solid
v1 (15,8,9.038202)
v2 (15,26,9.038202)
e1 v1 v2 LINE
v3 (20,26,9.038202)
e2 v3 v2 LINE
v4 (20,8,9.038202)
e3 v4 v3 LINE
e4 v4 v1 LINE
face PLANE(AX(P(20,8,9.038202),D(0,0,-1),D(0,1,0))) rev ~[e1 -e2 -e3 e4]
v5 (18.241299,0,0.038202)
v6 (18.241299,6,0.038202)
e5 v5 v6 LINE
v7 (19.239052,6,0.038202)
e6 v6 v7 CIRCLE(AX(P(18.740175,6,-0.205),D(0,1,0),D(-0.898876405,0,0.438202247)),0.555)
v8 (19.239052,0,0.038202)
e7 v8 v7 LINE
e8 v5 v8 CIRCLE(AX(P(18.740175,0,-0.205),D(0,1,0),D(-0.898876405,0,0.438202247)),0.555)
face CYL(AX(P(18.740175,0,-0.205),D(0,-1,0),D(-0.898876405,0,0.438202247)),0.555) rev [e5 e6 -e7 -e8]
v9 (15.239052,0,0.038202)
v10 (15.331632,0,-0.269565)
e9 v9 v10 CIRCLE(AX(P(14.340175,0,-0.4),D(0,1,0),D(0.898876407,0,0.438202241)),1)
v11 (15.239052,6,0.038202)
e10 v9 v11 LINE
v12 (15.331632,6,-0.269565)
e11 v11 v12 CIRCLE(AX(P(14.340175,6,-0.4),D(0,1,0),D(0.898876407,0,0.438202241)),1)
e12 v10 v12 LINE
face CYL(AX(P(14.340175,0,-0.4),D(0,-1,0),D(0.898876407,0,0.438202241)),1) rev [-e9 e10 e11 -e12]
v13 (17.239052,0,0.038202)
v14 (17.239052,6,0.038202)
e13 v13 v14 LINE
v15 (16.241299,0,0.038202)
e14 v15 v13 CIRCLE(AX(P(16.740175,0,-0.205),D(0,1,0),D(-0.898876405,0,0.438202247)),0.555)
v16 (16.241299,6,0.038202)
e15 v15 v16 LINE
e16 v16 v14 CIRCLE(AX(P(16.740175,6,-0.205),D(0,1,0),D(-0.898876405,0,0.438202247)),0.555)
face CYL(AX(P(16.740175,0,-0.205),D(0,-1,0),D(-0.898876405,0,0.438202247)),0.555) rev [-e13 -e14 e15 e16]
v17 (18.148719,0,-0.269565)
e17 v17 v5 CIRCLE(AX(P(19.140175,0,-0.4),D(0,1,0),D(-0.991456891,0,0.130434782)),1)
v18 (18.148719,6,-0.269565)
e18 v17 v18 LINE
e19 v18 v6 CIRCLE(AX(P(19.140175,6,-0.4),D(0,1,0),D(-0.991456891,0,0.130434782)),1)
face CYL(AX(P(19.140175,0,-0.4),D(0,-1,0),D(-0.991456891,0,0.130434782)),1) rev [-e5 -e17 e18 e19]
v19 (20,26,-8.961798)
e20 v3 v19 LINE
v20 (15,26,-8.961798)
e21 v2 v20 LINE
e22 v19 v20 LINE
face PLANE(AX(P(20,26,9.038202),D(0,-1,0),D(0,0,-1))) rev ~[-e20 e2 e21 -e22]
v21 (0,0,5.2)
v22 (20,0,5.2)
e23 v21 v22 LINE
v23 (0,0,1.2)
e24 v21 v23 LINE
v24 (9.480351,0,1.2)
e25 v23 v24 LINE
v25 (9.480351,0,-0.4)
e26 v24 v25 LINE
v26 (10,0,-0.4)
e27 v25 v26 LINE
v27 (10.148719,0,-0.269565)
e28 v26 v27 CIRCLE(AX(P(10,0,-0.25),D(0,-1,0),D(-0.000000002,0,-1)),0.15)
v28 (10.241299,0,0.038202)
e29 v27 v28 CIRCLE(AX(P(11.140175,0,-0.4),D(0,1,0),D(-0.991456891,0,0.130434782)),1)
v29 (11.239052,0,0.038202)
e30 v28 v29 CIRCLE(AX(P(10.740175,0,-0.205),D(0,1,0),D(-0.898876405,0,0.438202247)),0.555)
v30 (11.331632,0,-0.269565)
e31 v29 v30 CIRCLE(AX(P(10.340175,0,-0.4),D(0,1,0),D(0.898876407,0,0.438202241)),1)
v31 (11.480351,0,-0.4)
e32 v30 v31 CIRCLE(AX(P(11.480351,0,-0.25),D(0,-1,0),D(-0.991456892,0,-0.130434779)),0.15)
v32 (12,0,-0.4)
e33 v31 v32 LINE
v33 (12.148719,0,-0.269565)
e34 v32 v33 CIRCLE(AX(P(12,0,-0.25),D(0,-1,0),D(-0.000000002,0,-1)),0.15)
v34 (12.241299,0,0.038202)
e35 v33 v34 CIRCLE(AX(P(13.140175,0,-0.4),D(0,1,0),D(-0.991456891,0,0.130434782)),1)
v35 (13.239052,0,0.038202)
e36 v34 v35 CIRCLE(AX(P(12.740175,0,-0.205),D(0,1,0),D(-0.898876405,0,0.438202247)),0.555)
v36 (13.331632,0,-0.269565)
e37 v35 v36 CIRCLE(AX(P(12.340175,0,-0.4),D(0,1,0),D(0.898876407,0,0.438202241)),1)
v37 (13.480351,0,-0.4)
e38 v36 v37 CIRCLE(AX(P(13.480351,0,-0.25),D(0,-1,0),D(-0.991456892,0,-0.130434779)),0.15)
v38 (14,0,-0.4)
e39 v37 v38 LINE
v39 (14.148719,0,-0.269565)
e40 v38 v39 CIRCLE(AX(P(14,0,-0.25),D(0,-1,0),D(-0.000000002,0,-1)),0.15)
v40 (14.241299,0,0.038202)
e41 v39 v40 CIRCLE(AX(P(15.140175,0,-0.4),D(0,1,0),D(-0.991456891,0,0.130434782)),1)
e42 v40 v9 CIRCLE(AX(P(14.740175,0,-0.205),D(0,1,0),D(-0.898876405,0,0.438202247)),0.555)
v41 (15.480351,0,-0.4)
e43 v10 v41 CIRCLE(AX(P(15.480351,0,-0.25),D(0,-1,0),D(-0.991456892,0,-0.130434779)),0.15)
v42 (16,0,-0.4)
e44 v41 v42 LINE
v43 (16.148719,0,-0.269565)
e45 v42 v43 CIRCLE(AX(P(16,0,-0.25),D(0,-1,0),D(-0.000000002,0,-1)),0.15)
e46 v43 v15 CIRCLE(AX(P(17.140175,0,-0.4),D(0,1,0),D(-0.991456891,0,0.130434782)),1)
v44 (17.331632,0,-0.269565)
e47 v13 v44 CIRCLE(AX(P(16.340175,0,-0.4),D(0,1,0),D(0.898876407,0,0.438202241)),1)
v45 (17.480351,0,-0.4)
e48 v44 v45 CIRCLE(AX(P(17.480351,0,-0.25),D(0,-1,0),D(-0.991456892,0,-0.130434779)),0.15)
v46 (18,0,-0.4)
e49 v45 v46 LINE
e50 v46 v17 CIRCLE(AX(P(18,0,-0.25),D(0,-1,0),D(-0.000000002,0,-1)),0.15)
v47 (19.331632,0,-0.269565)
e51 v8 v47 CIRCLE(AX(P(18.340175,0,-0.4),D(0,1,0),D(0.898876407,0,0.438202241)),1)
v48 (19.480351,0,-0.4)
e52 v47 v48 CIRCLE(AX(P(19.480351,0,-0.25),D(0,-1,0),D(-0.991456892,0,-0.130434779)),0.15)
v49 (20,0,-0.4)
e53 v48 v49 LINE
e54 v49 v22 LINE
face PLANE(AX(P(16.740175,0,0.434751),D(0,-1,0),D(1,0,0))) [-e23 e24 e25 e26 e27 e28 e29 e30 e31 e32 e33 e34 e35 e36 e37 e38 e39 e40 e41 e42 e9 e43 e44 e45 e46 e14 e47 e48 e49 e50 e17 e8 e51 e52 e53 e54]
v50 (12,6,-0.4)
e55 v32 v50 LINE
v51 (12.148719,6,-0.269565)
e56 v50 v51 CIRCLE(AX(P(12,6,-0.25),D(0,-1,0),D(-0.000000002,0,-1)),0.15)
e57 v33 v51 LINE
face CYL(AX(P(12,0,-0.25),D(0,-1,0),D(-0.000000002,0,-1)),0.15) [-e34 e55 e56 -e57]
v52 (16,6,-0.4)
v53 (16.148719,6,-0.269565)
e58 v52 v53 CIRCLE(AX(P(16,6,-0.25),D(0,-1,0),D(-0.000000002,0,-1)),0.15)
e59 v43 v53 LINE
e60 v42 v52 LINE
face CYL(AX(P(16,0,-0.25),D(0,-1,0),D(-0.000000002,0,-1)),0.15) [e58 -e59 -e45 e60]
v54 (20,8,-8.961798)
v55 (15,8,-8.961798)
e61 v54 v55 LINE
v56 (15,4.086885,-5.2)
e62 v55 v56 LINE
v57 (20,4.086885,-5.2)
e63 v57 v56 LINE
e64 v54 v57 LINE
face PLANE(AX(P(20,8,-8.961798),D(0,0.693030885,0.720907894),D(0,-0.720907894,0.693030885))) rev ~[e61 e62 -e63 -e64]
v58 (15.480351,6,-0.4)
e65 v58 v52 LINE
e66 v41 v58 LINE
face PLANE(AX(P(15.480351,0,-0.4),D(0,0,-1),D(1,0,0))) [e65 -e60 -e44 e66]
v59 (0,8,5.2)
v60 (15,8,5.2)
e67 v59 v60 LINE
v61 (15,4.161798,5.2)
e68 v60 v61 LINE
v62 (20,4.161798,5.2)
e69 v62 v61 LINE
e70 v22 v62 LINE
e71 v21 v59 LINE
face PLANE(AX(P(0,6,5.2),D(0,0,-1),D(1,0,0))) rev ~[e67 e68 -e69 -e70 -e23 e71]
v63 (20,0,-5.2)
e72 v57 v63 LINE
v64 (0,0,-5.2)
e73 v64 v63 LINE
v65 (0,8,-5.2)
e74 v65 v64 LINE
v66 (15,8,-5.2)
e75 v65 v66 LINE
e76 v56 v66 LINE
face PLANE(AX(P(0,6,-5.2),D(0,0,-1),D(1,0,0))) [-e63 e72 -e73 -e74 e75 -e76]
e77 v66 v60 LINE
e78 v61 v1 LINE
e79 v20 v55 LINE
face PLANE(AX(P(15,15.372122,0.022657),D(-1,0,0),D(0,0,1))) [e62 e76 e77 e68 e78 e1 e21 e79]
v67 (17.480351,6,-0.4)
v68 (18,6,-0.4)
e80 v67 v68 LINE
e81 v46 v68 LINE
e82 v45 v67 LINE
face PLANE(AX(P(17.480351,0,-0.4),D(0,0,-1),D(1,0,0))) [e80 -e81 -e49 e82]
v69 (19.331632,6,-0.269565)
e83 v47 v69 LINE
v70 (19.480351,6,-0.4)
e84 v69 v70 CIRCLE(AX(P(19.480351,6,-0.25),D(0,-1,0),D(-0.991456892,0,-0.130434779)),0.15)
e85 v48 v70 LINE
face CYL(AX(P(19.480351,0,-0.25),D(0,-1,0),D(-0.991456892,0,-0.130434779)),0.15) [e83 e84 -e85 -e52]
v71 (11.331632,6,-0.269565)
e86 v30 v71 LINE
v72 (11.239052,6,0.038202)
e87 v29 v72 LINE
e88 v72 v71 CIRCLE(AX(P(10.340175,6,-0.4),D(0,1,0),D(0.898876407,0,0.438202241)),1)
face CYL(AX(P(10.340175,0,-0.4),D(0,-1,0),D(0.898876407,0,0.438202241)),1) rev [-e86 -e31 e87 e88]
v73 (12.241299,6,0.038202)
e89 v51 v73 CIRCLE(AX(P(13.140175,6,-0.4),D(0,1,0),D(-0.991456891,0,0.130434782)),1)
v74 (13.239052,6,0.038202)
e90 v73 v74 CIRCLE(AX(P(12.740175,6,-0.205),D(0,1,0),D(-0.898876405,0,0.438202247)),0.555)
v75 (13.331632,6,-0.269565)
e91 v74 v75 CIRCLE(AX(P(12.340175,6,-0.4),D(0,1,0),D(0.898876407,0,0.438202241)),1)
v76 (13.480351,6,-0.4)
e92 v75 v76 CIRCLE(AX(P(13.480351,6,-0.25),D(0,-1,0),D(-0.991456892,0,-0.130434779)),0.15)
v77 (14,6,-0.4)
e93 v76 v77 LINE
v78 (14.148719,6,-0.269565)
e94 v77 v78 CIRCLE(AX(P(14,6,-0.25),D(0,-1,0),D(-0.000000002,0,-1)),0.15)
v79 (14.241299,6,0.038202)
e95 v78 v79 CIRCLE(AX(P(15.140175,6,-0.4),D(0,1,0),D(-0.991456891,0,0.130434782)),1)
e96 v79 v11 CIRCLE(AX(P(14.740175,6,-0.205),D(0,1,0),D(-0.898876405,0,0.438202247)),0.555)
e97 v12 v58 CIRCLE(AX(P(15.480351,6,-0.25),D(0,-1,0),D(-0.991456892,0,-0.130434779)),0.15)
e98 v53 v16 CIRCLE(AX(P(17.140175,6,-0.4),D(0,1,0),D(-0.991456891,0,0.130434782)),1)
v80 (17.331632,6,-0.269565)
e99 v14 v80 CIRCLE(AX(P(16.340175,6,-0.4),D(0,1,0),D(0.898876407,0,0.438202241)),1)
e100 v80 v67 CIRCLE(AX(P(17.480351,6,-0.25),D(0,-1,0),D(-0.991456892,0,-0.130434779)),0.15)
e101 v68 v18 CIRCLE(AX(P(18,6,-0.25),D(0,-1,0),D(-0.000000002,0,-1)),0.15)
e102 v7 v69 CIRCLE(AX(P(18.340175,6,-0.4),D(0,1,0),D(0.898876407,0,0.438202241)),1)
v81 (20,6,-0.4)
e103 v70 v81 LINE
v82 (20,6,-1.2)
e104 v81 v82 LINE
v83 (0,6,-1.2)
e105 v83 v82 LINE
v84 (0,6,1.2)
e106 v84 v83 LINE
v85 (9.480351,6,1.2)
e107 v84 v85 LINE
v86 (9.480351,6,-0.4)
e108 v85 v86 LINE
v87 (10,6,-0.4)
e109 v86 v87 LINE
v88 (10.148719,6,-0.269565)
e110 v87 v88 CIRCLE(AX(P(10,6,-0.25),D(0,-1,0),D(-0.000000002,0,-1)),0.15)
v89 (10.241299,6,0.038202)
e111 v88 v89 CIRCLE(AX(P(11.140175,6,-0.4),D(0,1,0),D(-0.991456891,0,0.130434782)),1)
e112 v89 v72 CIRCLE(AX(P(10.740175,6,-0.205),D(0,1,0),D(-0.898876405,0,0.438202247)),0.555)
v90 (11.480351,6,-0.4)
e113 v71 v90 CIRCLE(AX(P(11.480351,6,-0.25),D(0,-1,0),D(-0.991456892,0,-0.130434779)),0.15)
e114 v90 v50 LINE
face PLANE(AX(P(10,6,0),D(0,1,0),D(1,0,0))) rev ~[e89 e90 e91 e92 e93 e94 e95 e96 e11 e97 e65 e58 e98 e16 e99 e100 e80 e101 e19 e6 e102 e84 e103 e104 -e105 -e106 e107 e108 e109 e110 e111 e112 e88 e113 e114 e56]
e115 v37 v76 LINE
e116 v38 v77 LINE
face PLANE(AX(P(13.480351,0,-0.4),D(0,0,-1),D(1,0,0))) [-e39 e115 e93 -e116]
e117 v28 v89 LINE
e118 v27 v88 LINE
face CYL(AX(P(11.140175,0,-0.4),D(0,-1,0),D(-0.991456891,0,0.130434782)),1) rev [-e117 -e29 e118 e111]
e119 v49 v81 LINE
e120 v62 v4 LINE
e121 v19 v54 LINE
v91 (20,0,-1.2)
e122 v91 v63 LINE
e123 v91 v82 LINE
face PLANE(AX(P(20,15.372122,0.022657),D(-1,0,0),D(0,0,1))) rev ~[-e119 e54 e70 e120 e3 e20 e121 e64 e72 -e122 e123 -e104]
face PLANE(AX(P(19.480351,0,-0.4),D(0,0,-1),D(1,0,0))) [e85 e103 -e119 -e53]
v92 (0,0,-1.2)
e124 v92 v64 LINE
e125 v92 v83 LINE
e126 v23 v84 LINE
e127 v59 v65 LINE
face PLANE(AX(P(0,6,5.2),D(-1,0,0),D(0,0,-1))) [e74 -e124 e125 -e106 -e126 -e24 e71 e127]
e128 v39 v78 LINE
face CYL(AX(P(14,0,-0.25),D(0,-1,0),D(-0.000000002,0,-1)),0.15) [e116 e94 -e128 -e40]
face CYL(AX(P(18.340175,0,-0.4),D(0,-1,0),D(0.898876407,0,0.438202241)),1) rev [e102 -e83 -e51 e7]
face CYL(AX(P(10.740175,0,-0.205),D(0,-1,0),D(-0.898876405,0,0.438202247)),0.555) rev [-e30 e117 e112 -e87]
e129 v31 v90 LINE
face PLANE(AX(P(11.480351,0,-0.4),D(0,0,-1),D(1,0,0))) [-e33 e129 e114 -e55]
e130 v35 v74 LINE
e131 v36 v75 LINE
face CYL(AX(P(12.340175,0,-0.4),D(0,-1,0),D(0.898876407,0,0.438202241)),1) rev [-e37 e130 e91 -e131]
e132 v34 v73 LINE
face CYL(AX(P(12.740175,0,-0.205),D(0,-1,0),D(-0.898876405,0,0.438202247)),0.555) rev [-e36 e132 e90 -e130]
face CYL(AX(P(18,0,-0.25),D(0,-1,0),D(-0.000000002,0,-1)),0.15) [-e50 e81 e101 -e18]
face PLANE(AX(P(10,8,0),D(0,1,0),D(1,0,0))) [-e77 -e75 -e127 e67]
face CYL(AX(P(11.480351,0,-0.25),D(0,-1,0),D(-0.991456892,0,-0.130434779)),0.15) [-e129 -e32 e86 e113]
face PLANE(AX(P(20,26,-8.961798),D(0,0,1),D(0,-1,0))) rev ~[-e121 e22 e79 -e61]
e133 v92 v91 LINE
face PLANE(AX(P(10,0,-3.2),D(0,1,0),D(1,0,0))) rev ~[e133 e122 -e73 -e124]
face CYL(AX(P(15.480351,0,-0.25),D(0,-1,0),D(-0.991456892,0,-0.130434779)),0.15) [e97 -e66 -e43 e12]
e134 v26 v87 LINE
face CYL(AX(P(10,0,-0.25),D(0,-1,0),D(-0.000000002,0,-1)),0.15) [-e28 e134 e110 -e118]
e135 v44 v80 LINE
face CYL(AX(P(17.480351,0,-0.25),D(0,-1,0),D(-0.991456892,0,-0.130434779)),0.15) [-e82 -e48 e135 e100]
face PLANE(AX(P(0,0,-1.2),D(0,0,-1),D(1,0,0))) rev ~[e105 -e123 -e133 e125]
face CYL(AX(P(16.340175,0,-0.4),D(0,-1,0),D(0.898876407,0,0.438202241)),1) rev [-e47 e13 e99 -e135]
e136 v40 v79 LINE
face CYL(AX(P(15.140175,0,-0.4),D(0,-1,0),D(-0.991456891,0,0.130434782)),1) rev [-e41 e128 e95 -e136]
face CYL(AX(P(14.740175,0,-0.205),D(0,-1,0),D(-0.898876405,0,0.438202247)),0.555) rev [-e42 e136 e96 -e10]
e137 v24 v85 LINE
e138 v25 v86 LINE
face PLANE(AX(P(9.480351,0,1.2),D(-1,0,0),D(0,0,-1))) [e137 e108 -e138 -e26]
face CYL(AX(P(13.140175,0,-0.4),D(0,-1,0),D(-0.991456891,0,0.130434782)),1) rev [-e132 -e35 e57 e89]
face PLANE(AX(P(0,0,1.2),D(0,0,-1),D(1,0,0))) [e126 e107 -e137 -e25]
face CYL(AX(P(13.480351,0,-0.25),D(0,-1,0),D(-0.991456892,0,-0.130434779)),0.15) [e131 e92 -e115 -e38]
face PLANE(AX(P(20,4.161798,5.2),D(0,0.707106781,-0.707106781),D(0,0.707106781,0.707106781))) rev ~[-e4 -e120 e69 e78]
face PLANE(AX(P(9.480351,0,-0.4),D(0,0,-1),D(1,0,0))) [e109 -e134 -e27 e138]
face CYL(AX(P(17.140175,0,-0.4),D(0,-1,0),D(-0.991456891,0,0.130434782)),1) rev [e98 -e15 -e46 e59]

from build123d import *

# Parameters (mm, degrees)
SKETCH1_W             = 20
SKETCH1_H             = 4
BOSS_EXTRUDE1_DEPTH   = 6
BOSS_EXTRUDE1_2_DEPTH = 6
BOSS_EXTRUDE2_DEPTH   = 6
LPATTERN1_COUNT       = 5
LPATTERN1_PITCH       = 2
SKETCH4_W             = 20
SKETCH4_H             = 10.4
BOSS_EXTRUDE3_DEPTH   = 2
BOSS_EXTRUDE4_DEPTH   = 5


with BuildPart() as part:
    # Sketch1 → Boss-Extrude1 (new body)
    with BuildSketch(Plane(origin=(0, 0, 0), x_dir=(1, 0, 0), z_dir=(0, 1, 0))):
        with Locations((10, 3.2)):
            Rectangle(SKETCH1_W, SKETCH1_H)
    extrude(amount=BOSS_EXTRUDE1_DEPTH)



with BuildPart() as body_2:
    # Sketch1 → Boss-Extrude1 2 (new body)
    with BuildSketch(Plane(origin=(0, 0, 0), x_dir=(1, 0, 0), z_dir=(0, 1, 0))):
        with Locations((10, -3.2)):
            Rectangle(SKETCH1_W, SKETCH1_H)
    extrude(amount=BOSS_EXTRUDE1_2_DEPTH)

    # Sketch3 → Boss-Extrude2 (add)
    with BuildSketch(Plane.XZ):
        with BuildLine():
            Line((17.48035085, -0.4), (18, -0.4))
            ThreePointArc((18, -0.4), (18.098907071, -0.362771412), (18.148718534, -0.269565217))
            ThreePointArc((18.148718534, -0.269565217), (18.182563711, -0.111937846), (18.241299021, 0.038202247))
            ThreePointArc((18.241299021, 0.038202247), (18.740175425, 0.35), (19.23905183, 0.038202247))
            ThreePointArc((19.23905183, 0.038202247), (19.297787139, -0.111937846), (19.331632316, -0.269565217))
            ThreePointArc((19.331632316, -0.269565217), (19.381443779, -0.362771412), (19.48035085, -0.4))
            Line((19.48035085, -0.4), (20, -0.4))
            Line((20, -0.4), (20, 1.2))
            Line((20, 1.2), (17.48035085, 1.2))
            Line((17.48035085, 1.2), (17.48035085, -0.4))
        make_face()
    boss_extrude2 = extrude(amount=-BOSS_EXTRUDE2_DEPTH)

    # LPattern1: Boss-Extrude2 ×5
    with Locations(*[(-i * LPATTERN1_PITCH, 0, 0) for i in range(1, LPATTERN1_COUNT)]):
        add(boss_extrude2)


with BuildPart() as part_1:
    add(part.part)

    add(body_2.part)  # Boss-Extrude3 merges body 2
    # Sketch4 → Boss-Extrude3 (add)
    with BuildSketch(Plane(origin=(0, 6, 0), x_dir=(1, 0, 0), z_dir=(0, 1, 0))):
        with Locations((10, 0)):
            Rectangle(SKETCH4_W, SKETCH4_H)
    extrude(amount=BOSS_EXTRUDE3_DEPTH)

    # Sketch5 → Boss-Extrude4 (add)
    with BuildSketch(Plane(origin=(20, 0, 0), x_dir=(0, 0, -1), z_dir=(1, 0, 0))):
        Polygon((-9.038202247, 26), (8.961797753, 26), (8.961797753, 8), (5.2, 4.08688479), (5.2, 8), (-5.2, 8), (-5.2, 4.161797753), (-9.038202247, 8), align=None)
    extrude(amount=-BOSS_EXTRUDE4_DEPTH)


solid = part_1.part
